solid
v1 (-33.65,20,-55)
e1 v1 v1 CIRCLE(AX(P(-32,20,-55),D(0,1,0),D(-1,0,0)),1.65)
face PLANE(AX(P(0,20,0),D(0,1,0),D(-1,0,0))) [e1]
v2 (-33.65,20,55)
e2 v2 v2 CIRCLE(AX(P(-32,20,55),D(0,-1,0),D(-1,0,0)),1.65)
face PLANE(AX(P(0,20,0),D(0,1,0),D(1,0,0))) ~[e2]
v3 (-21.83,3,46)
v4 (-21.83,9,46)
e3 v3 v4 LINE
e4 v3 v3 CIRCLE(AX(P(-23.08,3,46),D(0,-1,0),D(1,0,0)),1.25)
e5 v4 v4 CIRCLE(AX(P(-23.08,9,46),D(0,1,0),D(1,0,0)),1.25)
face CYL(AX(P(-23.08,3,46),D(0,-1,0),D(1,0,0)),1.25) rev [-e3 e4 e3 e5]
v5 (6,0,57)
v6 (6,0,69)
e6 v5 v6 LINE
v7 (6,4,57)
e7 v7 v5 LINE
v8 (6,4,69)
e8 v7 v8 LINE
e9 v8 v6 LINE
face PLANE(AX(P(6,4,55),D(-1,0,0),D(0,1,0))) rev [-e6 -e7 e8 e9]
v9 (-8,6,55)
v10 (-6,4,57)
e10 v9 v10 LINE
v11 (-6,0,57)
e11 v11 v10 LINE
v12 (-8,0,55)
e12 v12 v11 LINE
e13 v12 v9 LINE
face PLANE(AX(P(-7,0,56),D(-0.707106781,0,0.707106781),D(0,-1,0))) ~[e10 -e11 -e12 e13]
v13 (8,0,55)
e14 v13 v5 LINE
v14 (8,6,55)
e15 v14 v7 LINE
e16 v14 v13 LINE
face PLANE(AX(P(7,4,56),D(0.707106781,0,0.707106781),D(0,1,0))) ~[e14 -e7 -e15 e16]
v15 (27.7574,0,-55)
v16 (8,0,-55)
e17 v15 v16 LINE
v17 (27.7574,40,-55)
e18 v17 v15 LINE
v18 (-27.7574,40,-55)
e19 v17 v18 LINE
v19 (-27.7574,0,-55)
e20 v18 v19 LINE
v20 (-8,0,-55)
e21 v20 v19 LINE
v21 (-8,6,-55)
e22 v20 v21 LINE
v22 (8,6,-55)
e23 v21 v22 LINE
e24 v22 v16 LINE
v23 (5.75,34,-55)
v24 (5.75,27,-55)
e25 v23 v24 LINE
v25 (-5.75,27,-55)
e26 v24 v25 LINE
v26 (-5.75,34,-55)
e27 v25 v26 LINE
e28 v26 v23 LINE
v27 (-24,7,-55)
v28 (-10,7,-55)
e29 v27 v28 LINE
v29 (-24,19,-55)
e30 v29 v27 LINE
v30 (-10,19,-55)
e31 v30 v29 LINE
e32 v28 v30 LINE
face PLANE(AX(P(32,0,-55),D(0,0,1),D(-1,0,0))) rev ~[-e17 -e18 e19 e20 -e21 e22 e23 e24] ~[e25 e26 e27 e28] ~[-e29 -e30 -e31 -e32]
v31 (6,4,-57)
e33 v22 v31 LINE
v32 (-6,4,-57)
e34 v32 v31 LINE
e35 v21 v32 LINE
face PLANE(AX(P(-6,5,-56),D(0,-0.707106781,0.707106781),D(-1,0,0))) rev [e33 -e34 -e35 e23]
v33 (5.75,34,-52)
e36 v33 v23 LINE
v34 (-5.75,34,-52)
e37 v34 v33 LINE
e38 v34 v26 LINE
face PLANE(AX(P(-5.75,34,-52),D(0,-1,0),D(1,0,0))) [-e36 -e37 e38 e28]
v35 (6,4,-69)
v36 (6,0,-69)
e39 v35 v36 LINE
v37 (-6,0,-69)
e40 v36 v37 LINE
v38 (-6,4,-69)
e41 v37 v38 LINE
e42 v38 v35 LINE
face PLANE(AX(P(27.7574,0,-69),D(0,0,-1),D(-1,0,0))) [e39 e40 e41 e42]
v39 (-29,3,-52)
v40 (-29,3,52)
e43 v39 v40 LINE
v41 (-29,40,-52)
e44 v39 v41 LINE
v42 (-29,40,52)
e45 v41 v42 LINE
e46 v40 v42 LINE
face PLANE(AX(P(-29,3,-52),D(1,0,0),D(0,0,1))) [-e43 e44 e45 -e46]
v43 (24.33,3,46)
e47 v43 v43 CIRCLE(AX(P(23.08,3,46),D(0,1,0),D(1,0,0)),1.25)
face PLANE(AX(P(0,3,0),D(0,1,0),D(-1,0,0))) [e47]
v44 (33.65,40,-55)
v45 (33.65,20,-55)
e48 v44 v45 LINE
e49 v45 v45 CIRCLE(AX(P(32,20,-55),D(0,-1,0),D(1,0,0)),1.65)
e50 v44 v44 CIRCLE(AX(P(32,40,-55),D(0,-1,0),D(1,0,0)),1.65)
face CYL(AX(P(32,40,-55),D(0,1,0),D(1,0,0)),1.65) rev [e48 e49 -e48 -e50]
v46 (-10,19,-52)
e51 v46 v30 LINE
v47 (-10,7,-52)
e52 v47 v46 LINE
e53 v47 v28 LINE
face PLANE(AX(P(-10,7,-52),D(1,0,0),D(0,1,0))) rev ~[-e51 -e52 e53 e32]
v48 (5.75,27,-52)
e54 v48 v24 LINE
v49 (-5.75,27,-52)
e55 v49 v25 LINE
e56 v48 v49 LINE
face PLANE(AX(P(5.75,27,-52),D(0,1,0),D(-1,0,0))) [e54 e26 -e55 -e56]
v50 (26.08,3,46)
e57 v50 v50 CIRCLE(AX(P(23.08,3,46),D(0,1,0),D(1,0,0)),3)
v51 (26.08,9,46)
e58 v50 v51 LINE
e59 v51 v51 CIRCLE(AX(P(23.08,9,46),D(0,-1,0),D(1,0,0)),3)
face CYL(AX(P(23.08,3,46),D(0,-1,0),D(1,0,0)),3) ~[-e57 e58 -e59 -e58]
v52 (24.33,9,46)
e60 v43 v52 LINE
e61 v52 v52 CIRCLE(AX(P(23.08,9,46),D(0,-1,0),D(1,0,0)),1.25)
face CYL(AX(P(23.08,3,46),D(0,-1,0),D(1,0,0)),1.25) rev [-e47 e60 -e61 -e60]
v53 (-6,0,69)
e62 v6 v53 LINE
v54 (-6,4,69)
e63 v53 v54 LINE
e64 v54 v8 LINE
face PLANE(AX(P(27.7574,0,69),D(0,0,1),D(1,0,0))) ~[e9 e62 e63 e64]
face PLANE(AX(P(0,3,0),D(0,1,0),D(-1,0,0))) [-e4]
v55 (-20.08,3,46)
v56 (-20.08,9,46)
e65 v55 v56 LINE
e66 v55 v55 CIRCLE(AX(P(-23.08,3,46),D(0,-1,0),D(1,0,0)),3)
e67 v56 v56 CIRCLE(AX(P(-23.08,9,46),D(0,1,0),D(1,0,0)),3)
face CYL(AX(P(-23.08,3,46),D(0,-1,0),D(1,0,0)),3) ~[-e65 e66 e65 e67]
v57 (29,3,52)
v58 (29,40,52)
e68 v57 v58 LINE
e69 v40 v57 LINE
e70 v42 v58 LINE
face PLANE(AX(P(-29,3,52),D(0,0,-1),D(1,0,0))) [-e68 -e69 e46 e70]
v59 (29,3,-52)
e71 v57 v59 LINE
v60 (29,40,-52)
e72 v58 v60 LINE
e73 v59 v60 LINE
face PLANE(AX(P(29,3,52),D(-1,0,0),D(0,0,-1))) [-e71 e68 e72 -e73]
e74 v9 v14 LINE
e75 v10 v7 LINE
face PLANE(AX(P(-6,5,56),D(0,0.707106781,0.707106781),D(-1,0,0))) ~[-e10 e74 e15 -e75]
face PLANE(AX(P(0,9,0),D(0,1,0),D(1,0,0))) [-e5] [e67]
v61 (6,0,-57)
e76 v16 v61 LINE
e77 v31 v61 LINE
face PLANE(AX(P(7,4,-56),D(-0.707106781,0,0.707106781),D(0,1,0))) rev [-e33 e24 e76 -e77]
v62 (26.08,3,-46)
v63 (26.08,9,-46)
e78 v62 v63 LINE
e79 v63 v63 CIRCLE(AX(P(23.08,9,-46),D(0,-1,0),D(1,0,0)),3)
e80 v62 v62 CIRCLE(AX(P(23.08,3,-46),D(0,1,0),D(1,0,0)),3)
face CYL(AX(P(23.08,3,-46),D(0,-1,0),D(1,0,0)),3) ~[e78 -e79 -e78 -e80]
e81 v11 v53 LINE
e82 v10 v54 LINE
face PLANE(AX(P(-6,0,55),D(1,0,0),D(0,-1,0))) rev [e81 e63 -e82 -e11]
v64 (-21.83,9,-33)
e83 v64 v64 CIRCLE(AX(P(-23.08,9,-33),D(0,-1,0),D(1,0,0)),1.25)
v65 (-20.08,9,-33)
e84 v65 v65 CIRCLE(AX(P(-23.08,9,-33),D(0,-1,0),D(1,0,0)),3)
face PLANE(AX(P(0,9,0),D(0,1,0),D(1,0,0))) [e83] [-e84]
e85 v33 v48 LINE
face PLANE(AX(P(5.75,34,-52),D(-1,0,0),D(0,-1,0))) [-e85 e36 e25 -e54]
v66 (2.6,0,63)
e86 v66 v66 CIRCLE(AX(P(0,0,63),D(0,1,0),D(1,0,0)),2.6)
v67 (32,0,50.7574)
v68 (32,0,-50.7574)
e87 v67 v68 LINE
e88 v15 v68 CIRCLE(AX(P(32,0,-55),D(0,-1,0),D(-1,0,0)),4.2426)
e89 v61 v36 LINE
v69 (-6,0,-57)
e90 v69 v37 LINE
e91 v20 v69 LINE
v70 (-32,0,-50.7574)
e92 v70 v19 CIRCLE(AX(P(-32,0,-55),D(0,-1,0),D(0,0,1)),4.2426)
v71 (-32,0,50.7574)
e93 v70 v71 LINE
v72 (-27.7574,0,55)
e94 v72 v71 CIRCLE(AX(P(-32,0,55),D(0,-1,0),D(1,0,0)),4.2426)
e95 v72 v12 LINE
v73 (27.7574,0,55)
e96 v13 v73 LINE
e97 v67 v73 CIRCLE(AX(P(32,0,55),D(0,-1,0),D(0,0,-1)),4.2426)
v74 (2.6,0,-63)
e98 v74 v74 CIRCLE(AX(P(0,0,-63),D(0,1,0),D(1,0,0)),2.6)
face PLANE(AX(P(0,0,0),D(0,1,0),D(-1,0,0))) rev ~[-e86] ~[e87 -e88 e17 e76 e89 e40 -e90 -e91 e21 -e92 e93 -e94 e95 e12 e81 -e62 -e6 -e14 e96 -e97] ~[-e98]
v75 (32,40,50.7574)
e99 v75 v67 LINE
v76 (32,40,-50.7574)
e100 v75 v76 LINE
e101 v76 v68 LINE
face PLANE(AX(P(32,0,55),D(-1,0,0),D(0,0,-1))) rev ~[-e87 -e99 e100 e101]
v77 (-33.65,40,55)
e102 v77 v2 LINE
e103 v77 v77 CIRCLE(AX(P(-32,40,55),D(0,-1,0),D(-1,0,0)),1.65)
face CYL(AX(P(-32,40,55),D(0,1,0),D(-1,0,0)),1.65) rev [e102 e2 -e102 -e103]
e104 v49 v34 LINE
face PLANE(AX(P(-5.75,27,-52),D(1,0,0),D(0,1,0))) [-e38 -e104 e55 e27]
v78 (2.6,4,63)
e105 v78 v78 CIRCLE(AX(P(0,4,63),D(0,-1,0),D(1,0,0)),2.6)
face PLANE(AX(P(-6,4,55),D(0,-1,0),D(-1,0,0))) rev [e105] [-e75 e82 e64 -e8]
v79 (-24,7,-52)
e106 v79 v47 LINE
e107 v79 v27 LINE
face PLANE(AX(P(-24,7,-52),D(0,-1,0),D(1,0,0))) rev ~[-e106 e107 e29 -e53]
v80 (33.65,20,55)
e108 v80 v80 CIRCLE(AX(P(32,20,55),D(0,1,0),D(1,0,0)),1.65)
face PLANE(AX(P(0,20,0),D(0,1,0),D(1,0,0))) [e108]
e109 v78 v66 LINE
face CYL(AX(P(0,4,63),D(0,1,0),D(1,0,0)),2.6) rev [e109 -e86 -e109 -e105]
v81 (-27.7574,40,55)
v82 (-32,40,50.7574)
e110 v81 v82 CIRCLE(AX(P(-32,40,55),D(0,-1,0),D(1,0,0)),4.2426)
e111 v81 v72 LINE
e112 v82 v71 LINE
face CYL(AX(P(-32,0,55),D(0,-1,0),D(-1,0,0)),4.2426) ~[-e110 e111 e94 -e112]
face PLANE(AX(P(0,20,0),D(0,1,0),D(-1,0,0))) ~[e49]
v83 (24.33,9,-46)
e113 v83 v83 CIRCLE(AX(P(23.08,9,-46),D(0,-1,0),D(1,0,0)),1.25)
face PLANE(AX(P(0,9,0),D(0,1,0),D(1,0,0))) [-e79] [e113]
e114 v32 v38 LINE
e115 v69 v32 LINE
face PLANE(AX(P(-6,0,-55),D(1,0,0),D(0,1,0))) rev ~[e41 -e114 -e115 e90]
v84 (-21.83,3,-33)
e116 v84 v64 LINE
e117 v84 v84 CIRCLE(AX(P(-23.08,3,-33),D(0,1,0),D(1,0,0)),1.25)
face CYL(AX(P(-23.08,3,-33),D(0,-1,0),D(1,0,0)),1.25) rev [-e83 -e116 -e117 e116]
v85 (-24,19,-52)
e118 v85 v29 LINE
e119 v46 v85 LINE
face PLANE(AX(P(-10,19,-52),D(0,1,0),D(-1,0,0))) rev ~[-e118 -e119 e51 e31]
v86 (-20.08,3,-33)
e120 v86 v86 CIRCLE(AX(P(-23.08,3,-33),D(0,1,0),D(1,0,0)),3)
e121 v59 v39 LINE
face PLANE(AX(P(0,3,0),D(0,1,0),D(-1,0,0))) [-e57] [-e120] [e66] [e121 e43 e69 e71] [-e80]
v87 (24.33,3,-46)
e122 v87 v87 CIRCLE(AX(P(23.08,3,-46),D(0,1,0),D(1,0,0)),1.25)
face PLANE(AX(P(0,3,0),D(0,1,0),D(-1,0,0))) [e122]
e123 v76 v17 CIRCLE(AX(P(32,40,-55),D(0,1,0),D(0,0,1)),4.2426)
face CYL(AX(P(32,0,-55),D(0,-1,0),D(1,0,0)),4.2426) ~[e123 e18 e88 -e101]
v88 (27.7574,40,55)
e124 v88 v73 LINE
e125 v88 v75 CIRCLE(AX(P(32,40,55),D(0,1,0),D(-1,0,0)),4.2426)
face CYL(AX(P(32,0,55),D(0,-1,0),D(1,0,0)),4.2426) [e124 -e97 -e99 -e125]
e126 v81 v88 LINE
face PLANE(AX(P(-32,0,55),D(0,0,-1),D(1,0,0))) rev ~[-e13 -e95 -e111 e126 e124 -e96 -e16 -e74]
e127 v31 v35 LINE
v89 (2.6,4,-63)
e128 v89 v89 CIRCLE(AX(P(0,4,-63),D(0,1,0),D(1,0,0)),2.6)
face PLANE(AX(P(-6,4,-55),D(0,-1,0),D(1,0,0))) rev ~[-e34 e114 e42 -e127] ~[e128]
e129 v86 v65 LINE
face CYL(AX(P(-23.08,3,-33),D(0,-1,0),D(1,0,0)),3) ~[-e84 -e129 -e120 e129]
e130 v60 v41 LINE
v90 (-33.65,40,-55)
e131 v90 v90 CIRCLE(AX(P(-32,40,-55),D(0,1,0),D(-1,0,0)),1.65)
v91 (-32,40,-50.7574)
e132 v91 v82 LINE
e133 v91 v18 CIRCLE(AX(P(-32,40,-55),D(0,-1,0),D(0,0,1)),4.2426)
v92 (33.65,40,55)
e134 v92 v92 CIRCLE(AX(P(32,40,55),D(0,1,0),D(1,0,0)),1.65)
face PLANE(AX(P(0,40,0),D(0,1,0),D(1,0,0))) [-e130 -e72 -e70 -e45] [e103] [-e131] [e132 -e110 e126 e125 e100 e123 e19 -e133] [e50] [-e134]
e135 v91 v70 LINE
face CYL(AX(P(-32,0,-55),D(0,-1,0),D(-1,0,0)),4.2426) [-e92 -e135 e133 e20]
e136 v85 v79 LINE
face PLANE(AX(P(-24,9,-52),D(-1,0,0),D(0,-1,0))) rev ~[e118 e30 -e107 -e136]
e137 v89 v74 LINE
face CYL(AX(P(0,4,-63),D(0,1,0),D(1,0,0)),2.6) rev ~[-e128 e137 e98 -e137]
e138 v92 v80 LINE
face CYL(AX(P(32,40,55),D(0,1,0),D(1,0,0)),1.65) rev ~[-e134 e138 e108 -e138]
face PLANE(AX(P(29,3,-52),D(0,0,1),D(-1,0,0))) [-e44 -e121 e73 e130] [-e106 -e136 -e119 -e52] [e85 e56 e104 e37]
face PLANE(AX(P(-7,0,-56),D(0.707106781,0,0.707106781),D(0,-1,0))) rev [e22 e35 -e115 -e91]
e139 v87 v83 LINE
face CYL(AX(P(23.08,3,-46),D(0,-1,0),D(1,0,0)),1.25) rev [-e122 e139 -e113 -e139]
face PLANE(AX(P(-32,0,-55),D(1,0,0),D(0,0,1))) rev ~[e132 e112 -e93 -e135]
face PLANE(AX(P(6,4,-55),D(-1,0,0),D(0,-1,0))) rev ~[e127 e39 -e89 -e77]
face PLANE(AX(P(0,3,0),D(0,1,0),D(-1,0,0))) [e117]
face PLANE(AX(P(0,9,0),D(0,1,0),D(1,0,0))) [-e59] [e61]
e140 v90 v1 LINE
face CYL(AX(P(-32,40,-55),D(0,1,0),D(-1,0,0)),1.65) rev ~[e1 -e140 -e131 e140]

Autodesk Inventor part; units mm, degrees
ref_plane "YZ Plane" through (0, 0, 0) normal (1, 0, 0) x (0, 1, 0)
ref_plane "XZ Plane" through (0, 0, 0) normal (0, 1, 0) x (-1, 0, 0)
ref_plane "XY Plane" through (0, 0, 0) normal (0, 0, 1) x (1, 0, 0)
sketch "Sketch1" plane through (0, 0, 0) normal (0, 1, 0) x (-1, 0, 0)
  line L0 (32, 55) -> (-32, 55)
  line L1 (-32, 55) -> (-32, -55)
  line L2 (-32, -55) -> (32, -55)
  line L3 (32, -55) -> (32, 55)
  line L4 (32, 55) -> (-32, -55) construction
  line L5 (-32, 55) -> (32, -55) construction
  point P0 (0, 0)
  dimension "d0" = 64
  dimension "d1" = 110
extrude "Extrusion1" add sketch "Sketch1" along normal blind 3
sketch "Sketch2" plane through (0, 3, 0) normal (0, 1, 0) x (1, 0, 0)
  line L0 (-32, -55) -> (32, -55) projected
  line L1 (32, -55) -> (32, 55) projected
  line L2 (32, 55) -> (-32, 55) projected
  line L3 (-32, 55) -> (-32, -55) projected
  line L4 (-32, -55) -> (32, -55)
  line L5 (32, -55) -> (32, 55)
  line L6 (32, 55) -> (-32, 55)
  line L7 (-32, 55) -> (-32, -55)
  line L8 (-32, -55) -> (32, 55) construction
  line L9 (32, -55) -> (-32, 55) construction
  line L10 (-29, -52) -> (29, -52)
  line L11 (29, -52) -> (29, 52)
  line L12 (29, 52) -> (-29, 52)
  line L13 (-29, 52) -> (-29, -52)
  point P0 (0, 0)
  dimension "d4" = 3
  dimension "d5" = 3
  dimension "d6" = 3
  dimension "d7" = 3
extrude "Extrusion2" add sketch "Sketch2" along normal blind 37
sketch "Sketch3" plane through (0, 3, 0) normal (0, 1, 0) x (1, 0, 0)
  line L0 (-23.08, -46) -> (23.08, -46)
  line L1 (23.08, -46) -> (23.08, 46)
  line L2 (23.08, 46) -> (-23.08, 46)
  line L3 (-23.08, 46) -> (-23.08, -46)
  circle A0 centre (-23.08, -46) radius 1.25
  circle A1 centre (23.08, -46) radius 1.25
  circle A2 centre (23.08, 46) radius 1.25
  circle A3 centre (-23.08, 33) radius 1.25
  line L4 (-29, -52) -> (-29, 52) projected
  line L5 (29, 52) -> (29, -52) projected
  line L6 (-29, 52) -> (29, 52) projected
  line L7 (29, -52) -> (-29, -52) projected
  circle A4 centre (-23.08, -46) radius 3
  circle A5 centre (-23.08, 33) radius 3
  circle A6 centre (23.08, -46) radius 3
  circle A7 centre (23.08, 46) radius 3
  point P0 (0, 0)
  dimension "d15" = 46.16
  dimension "d16" = 92
  dimension "d17" = 2.5
  dimension "d18" = 2.5
  dimension "d19" = 2.5
  dimension "d20" = 2.5
  dimension "d21" = 79
  dimension "d22" = 5.92
  dimension "d23" = 5.92
  dimension "d24" = 6
  dimension "d25" = 6
  dimension "d26" = 6
  dimension "d27" = 6
  dimension "d28" = 6
  dimension "d29" = 6
extrude "Extrusion3" add sketch "Sketch3" along normal blind 6 contours A0 L3 A4 L0 | L0 A4 L3 A0 | A6 L1 A1 L0 | L0 A1 L1 A6 | A5 L3 A3 | L3 A3 A5 | A7 L2 A2 L1 | L1 A2 L2 A7
sketch "Sketch4" plane through (-29, 3, -52) normal (0, 0, 1) x (1, 0, 0)
  line L0 (8.92, 6) -> (2.92, 6) projected
  line L1 (5, 4) -> (19, 4)
  line L2 (19, 4) -> (19, 16)
  line L3 (19, 16) -> (5, 16)
  line L4 (5, 16) -> (5, 4)
  line L5 (0, 0) -> (0, 37) projected
  point P0 (29, -3)
  dimension "d33" = 2
  dimension "d34" = 12
  dimension "d35" = 14
  dimension "d73" = 5
extrude "Extrusion4" cut sketch "Sketch4" against normal blind 6
sketch "Sketch5" plane through (-29, 3, -52) normal (0, 0, 1) x (1, 0, 0)
  line L0 (19, 16) -> (19, 4) projected
  line L1 (19, 4) -> (5, 4) projected
  line L2 (5, 4) -> (5, 16) projected
  line L3 (5, 16) -> (19, 16) projected
  line L4 (58, 0) -> (0, 0) projected
  line L5 (58, 0) -> (58, 37) projected
  line L6 (0, 37) -> (58, 37) projected
  line L7 (0, 0) -> (0, 37) projected
  line L8 (23.25, 31) -> (34.75, 31)
  line L9 (34.75, 31) -> (34.75, 24)
  line L10 (34.75, 24) -> (23.25, 24)
  line L11 (23.25, 24) -> (23.25, 31)
  line L12 (8.92, 6) -> (2.92, 6) projected
  point P0 (29, -3)
  dimension "d38" = 18
  dimension "d39" = 7
  dimension "d40" = 11.5
  dimension "d41" = 23.25
  dimension "d42" = 23.25
extrude "Extrusion5" cut sketch "Sketch5" against normal blind 6 contours L8 L9 L10 L11
sketch "Sketch7" plane through (0, 0, 0) normal (0, -1, 0) x (1, 0, 0)
  line L0 (29, 52) -> (-29, 52) projected
  line L1 (-29, 52) -> (-29, -52) projected
  line L2 (-29, -52) -> (29, -52) projected
  line L3 (29, -52) -> (29, 52) projected
  line L4 (29, 52) -> (-29, 52) projected
  line L5 (32, -55) -> (-32, -55) projected
  line L6 (-32, -55) -> (-32, 55) projected
  line L7 (-32, 55) -> (32, 55) projected
  line L8 (32, 55) -> (32, -55) projected
  line L9 (32, 55) -> (32, -55) projected
  circle A0 centre (32, 55) radius 4.2426
  point P0 (0, 0)
extrude "Extrusion6" add sketch "Sketch7" against normal blind 40 contours A0 L7 L8 | A0 L8 L7
sketch "Sketch8" plane through (0, 40, 0) normal (0, 1, 0) x (1, 0, 0)
  arc A0 (27.7574, -55) -> (32, -50.7574) centre (32, -55) ccw projected
  circle A1 centre (32, -55) radius 1.65
  point P0 (0, 0)
  dimension "d47" = 3.3
extrude "Extrusion7" cut sketch "Sketch8" against normal blind 20
mirror "Mirror1" about plane through (0, 0, 0) normal (1, 0, 0) of "Extrusion6", "Extrusion7"
mirror "Mirror2" about plane through (0, 0, 0) normal (0, 0, 1) of "Extrusion6", "Extrusion7", "Mirror1"
sketch "Sketch10" plane through (27.7574, 0, -55) normal (0, 0, -1) x (-1, 0, 0)
  line L0 (21.7574, 0) -> (33.7574, 0)
  line L1 (33.7574, 0) -> (33.7574, 4)
  line L2 (33.7574, 4) -> (21.7574, 4)
  line L3 (21.7574, 4) -> (21.7574, 0)
  line L4 (55.5147, 0) -> (55.5147, 40) projected
  line L5 (0, 40) -> (0, 0) projected
  point P0 (27.7574, 0)
  dimension "d56" = 4
  dimension "d57" = 12
  dimension "d58" = 21.7574
  dimension "d59" = 21.7574
extrude "Extrusion9" add sketch "Sketch10" along normal blind 14
chamfer "Chamfer1" distance 2 angle 45 3 edges at (6, 2, -55) (-6, 2, -55) (0, 4, -55)
sketch "Sketch11" plane through (-6, 4, -69) normal (0, 1, 0) x (1, 0, 0)
  line L0 (12, -12) -> (0, -12) projected
  line L1 (12, -12) -> (12, 0) projected
  line L2 (0, 0) -> (12, 0) projected
  line L3 (0, -12) -> (0, 0) projected
  circle A0 centre (6, -6) radius 2.6
  point P0 (6, -69)
  dimension "d65" = 5.2
  dimension "d66" = 6
  dimension "d67" = 6
extrude "Extrusion10" cut sketch "Sketch11" against normal through all contours A0
mirror "Mirror3" about plane through (0, 0, 0) normal (0, 0, 1) of "Extrusion9", "Extrusion10"
chamfer "Chamfer2" distance 2 angle 45 3 edges at (-6, 2, 55) (0, 4, 55) (6, 2, 55)
equation "\"d4\" = d5"
equation "\"d6\" = d5"
equation "\"d7\" = d5"
equation "\"d22\" = d23"
equation "\"d24\" = d25"
equation "\"d27\" = d26"
equation "\"d28\" = d26"
equation "\"d29\" = d26"
equation "\"d41\" = d42"
equation "\"d58\" = d59"
equation "\"d67\" = d66"
properties part number "Podstawa"
